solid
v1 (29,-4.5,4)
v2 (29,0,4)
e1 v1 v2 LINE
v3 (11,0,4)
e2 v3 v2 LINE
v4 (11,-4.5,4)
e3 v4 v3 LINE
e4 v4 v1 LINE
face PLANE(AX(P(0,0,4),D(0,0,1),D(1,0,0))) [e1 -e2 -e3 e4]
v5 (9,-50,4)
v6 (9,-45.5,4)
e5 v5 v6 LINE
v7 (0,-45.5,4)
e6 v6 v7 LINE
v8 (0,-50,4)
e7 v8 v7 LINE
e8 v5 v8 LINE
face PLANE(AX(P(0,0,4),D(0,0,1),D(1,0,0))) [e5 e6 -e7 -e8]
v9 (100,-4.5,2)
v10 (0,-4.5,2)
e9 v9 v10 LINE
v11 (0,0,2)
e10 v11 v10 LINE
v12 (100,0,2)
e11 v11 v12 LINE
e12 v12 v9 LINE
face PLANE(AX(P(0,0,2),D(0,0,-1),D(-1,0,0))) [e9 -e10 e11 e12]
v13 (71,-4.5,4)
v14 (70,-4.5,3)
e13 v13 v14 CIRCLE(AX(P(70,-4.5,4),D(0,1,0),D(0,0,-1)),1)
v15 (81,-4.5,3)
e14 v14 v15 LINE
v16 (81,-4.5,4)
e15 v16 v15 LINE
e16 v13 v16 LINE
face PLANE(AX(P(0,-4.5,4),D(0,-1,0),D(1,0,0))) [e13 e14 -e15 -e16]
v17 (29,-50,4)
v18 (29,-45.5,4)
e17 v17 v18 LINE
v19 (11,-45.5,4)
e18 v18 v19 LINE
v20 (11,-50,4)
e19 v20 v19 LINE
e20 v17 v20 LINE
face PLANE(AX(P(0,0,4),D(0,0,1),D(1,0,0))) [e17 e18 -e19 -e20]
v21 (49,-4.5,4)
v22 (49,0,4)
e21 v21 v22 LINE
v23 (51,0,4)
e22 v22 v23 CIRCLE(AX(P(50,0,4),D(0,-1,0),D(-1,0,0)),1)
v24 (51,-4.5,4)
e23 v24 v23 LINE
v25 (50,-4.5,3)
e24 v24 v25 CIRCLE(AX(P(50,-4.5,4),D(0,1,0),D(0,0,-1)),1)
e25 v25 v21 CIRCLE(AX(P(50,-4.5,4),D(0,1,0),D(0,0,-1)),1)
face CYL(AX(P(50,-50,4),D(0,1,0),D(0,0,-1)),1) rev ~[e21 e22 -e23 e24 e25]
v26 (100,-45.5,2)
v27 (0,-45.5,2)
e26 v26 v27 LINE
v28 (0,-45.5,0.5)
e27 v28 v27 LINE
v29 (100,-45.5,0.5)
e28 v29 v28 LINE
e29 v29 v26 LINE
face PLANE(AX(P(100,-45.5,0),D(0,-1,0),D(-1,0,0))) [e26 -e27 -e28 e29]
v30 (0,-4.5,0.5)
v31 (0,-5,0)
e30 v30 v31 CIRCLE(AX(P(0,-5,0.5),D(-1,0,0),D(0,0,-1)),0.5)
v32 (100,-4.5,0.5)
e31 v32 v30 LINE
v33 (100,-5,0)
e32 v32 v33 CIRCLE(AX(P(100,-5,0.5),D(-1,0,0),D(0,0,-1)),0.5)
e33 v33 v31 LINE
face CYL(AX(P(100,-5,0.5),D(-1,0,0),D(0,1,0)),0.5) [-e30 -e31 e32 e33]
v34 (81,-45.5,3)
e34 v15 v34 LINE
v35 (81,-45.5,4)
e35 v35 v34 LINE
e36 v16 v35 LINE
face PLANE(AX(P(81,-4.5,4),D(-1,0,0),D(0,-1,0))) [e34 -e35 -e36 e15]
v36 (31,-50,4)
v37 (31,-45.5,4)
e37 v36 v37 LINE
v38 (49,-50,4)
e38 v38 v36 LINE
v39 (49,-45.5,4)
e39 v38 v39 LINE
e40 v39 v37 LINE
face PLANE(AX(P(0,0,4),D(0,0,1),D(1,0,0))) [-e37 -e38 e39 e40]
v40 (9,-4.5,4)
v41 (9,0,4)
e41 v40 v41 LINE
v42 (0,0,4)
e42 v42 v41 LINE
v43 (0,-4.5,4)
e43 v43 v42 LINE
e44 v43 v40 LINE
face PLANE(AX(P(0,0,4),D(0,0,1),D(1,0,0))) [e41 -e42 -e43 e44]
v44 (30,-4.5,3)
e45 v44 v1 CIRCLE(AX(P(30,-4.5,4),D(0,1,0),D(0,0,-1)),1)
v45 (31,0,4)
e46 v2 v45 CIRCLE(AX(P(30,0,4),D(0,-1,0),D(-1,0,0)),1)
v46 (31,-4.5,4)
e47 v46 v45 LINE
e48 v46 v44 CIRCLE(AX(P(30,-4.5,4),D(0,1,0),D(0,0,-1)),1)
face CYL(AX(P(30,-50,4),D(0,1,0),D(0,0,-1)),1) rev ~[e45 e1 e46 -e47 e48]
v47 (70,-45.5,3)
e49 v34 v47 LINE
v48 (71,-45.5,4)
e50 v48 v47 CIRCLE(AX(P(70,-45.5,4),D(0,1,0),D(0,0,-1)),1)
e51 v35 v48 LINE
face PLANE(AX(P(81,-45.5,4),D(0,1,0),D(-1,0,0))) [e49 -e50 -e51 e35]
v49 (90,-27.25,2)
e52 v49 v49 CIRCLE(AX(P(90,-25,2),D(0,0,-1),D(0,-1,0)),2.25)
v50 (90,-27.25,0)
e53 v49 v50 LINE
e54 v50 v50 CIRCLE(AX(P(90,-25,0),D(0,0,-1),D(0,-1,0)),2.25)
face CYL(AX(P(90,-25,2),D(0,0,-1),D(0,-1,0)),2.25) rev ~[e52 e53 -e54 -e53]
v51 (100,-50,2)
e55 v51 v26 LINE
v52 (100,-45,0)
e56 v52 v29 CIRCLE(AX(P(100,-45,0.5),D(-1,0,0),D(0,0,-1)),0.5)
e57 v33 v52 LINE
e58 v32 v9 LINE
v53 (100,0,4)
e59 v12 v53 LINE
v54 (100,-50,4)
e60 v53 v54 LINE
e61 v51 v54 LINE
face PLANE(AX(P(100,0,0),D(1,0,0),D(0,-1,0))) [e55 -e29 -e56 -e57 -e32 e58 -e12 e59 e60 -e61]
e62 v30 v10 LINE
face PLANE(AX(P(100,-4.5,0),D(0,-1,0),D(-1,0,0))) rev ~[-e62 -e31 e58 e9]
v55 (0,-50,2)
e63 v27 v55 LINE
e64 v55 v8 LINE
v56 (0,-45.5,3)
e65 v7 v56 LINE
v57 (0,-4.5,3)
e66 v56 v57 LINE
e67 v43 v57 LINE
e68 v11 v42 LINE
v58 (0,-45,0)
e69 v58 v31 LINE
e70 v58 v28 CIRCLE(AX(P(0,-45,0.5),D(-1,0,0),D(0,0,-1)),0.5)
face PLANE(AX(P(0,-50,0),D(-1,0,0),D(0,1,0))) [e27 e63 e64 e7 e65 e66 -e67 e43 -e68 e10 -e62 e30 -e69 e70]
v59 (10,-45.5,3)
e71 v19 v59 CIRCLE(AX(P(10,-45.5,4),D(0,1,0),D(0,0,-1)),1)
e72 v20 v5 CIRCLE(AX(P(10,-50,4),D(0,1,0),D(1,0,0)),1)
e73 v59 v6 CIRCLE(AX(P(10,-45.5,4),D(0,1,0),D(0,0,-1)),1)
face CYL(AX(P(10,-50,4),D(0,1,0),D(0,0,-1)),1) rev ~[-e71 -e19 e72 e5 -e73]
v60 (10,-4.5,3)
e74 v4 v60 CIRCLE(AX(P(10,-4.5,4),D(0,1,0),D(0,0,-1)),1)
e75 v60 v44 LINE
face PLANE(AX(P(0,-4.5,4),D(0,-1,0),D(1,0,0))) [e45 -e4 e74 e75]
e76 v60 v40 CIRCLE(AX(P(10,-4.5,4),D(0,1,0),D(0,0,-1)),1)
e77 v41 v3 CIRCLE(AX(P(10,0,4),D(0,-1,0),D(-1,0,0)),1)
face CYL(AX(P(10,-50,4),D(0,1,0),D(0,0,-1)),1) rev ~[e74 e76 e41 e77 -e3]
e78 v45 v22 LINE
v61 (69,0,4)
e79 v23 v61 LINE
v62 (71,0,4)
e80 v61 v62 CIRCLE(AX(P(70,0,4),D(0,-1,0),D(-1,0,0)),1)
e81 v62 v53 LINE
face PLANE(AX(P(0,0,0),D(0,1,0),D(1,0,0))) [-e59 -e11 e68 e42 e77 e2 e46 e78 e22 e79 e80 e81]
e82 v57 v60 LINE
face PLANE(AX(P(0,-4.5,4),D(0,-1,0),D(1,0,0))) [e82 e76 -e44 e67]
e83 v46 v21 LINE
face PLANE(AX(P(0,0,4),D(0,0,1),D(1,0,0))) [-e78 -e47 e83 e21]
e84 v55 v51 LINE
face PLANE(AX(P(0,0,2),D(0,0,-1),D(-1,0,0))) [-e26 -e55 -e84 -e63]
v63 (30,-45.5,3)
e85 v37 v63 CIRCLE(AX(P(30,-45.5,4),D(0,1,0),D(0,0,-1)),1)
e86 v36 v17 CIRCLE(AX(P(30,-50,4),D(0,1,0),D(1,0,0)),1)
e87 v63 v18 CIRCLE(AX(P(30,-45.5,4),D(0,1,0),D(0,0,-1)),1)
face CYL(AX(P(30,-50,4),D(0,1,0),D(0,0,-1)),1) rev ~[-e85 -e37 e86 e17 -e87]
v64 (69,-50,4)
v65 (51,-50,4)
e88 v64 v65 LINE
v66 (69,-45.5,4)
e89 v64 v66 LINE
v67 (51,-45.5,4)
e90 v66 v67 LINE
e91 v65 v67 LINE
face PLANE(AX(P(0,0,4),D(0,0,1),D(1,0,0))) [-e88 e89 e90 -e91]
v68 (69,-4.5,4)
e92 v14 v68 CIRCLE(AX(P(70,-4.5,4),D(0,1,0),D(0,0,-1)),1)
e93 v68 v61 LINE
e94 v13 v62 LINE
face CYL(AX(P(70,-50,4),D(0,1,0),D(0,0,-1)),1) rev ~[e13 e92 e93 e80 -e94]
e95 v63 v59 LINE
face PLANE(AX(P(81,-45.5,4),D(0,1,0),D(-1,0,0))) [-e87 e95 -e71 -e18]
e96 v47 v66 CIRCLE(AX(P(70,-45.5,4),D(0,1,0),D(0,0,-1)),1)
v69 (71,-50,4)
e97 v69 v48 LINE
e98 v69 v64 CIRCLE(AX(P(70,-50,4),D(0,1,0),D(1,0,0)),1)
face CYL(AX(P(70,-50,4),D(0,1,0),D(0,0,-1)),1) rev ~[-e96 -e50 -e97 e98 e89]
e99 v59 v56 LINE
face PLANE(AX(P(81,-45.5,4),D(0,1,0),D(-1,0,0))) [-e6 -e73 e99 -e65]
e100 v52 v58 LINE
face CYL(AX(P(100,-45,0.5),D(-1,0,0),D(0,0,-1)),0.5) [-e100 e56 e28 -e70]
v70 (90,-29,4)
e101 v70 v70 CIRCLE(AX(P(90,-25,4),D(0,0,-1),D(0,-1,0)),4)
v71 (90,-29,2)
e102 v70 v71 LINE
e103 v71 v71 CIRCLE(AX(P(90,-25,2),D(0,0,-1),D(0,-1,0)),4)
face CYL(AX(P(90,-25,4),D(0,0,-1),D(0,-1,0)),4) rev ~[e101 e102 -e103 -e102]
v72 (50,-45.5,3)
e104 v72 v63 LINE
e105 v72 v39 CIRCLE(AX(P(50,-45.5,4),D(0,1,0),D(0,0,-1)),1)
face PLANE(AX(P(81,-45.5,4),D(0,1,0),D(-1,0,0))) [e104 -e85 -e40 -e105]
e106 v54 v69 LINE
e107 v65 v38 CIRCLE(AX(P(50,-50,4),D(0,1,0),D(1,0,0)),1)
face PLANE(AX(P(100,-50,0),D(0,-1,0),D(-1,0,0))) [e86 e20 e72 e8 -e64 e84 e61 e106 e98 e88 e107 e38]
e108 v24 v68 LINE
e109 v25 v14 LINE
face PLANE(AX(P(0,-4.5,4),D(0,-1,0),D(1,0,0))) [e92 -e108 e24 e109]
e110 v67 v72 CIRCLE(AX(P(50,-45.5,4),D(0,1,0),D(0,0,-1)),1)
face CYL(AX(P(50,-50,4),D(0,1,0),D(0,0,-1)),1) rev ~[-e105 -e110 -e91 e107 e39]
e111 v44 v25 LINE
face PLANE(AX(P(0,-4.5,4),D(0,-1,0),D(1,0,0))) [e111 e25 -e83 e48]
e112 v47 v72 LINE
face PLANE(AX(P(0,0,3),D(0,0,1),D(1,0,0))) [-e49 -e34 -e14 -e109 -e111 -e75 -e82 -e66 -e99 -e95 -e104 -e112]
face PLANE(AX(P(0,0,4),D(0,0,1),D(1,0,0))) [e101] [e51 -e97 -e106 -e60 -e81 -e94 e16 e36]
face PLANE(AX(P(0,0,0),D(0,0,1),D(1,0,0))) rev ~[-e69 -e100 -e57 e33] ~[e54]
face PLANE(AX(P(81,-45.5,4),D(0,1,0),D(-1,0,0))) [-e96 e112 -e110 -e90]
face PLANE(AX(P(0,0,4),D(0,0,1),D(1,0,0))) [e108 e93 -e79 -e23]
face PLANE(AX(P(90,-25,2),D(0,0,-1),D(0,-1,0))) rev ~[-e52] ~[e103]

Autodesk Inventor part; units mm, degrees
ref_plane "YZ Plane" through (0, 0, 0) normal (1, 0, 0) x (0, 1, 0)
ref_plane "XZ Plane" through (0, 0, 0) normal (0, 1, 0) x (-1, 0, 0)
ref_plane "XY Plane" through (0, 0, 0) normal (0, 0, 1) x (1, 0, 0)
sketch "Sketch1" plane through (0, 0, 0) normal (0, 0, 1) x (1, 0, 0)
  line L0 (0, 0) -> (100, 0)
  line L1 (100, 0) -> (100, -50)
  line L2 (100, -50) -> (0, -50)
  line L3 (0, -50) -> (0, 0)
  dimension "d2" = 100
  dimension "d3" = 50
extrude "Extrusion1" add sketch "Sketch1" along normal blind 4
sketch "Sketch2" plane through (0, 0, 0) normal (0, 0, -1) x (-1, 0, 0)
  line L0 (0, 0) -> (0, -50) projected
  line L1 (0, -50) -> (-100, -50)
  line L2 (-100, -50) -> (-100, -45.5)
  line L3 (-100, -45.5) -> (0, -45.5)
  line L4 (0, -45.5) -> (0, -50)
  line L5 (0, 0) -> (-100, 0)
  line L6 (-100, 0) -> (-100, -4.5)
  line L7 (-100, -4.5) -> (0, -4.5)
  line L8 (0, -4.5) -> (0, 0)
  line L9 (-100, -50) -> (-100, 0) projected
  dimension "d6" = 4.5
  dimension "d7" = 4.5
  dimension "d16" = 0
  dimension "d17" = 0
extrude "Extrusion2" cut sketch "Sketch2" against normal blind 2 contours L0 L7 L6 L5 | L0 L1 L2 L3
fillet "Fillet1" radius 0.5 2 edges at (50, -45.5, 0) (50, -4.5, 0)
sketch "Sketch3" plane through (0, 0, 4) normal (0, 0, 1) x (1, 0, 0)
  line L0 (0, -45) -> (0, -5) projected
  line L1 (0, -4.5) -> (81, -4.5)
  line L2 (81, -4.5) -> (81, -45.5)
  line L3 (81, -45.5) -> (0, -45.5)
  line L4 (0, -45.5) -> (0, -4.5)
  line L5 (100, 0) -> (0, 0) projected
  dimension "d11" = 81
  dimension "d12" = 41
  dimension "d13" = 4.5
extrude "Extrusion3" cut sketch "Sketch3" against normal blind 1
sketch "Sketch5" plane through (0, 0, 4) normal (0, 0, 1) x (1, 0, 0)
  line L0 (100, 0) -> (0, 0) projected
  line L1 (100, -50) -> (100, 0) projected
  point P0 (90, -25)
  dimension "d37" = 25
  dimension "d38" = 10
hole "Hole1" at (90, -25, 4) direction (0, 0, -1) diameter 4.5 end through all counterbore diameter 8 counterbore depth 2
hole "Hole2" at (10, -50, 4) direction (0, 1, 0) diameter 2 end through all
pattern_linear "Rectangular Pattern1" count 4 spacing 20 along (1, 0, 0) of "Hole2"
properties part number "TNS_Greiferbacke_MA_Jun_T2"
